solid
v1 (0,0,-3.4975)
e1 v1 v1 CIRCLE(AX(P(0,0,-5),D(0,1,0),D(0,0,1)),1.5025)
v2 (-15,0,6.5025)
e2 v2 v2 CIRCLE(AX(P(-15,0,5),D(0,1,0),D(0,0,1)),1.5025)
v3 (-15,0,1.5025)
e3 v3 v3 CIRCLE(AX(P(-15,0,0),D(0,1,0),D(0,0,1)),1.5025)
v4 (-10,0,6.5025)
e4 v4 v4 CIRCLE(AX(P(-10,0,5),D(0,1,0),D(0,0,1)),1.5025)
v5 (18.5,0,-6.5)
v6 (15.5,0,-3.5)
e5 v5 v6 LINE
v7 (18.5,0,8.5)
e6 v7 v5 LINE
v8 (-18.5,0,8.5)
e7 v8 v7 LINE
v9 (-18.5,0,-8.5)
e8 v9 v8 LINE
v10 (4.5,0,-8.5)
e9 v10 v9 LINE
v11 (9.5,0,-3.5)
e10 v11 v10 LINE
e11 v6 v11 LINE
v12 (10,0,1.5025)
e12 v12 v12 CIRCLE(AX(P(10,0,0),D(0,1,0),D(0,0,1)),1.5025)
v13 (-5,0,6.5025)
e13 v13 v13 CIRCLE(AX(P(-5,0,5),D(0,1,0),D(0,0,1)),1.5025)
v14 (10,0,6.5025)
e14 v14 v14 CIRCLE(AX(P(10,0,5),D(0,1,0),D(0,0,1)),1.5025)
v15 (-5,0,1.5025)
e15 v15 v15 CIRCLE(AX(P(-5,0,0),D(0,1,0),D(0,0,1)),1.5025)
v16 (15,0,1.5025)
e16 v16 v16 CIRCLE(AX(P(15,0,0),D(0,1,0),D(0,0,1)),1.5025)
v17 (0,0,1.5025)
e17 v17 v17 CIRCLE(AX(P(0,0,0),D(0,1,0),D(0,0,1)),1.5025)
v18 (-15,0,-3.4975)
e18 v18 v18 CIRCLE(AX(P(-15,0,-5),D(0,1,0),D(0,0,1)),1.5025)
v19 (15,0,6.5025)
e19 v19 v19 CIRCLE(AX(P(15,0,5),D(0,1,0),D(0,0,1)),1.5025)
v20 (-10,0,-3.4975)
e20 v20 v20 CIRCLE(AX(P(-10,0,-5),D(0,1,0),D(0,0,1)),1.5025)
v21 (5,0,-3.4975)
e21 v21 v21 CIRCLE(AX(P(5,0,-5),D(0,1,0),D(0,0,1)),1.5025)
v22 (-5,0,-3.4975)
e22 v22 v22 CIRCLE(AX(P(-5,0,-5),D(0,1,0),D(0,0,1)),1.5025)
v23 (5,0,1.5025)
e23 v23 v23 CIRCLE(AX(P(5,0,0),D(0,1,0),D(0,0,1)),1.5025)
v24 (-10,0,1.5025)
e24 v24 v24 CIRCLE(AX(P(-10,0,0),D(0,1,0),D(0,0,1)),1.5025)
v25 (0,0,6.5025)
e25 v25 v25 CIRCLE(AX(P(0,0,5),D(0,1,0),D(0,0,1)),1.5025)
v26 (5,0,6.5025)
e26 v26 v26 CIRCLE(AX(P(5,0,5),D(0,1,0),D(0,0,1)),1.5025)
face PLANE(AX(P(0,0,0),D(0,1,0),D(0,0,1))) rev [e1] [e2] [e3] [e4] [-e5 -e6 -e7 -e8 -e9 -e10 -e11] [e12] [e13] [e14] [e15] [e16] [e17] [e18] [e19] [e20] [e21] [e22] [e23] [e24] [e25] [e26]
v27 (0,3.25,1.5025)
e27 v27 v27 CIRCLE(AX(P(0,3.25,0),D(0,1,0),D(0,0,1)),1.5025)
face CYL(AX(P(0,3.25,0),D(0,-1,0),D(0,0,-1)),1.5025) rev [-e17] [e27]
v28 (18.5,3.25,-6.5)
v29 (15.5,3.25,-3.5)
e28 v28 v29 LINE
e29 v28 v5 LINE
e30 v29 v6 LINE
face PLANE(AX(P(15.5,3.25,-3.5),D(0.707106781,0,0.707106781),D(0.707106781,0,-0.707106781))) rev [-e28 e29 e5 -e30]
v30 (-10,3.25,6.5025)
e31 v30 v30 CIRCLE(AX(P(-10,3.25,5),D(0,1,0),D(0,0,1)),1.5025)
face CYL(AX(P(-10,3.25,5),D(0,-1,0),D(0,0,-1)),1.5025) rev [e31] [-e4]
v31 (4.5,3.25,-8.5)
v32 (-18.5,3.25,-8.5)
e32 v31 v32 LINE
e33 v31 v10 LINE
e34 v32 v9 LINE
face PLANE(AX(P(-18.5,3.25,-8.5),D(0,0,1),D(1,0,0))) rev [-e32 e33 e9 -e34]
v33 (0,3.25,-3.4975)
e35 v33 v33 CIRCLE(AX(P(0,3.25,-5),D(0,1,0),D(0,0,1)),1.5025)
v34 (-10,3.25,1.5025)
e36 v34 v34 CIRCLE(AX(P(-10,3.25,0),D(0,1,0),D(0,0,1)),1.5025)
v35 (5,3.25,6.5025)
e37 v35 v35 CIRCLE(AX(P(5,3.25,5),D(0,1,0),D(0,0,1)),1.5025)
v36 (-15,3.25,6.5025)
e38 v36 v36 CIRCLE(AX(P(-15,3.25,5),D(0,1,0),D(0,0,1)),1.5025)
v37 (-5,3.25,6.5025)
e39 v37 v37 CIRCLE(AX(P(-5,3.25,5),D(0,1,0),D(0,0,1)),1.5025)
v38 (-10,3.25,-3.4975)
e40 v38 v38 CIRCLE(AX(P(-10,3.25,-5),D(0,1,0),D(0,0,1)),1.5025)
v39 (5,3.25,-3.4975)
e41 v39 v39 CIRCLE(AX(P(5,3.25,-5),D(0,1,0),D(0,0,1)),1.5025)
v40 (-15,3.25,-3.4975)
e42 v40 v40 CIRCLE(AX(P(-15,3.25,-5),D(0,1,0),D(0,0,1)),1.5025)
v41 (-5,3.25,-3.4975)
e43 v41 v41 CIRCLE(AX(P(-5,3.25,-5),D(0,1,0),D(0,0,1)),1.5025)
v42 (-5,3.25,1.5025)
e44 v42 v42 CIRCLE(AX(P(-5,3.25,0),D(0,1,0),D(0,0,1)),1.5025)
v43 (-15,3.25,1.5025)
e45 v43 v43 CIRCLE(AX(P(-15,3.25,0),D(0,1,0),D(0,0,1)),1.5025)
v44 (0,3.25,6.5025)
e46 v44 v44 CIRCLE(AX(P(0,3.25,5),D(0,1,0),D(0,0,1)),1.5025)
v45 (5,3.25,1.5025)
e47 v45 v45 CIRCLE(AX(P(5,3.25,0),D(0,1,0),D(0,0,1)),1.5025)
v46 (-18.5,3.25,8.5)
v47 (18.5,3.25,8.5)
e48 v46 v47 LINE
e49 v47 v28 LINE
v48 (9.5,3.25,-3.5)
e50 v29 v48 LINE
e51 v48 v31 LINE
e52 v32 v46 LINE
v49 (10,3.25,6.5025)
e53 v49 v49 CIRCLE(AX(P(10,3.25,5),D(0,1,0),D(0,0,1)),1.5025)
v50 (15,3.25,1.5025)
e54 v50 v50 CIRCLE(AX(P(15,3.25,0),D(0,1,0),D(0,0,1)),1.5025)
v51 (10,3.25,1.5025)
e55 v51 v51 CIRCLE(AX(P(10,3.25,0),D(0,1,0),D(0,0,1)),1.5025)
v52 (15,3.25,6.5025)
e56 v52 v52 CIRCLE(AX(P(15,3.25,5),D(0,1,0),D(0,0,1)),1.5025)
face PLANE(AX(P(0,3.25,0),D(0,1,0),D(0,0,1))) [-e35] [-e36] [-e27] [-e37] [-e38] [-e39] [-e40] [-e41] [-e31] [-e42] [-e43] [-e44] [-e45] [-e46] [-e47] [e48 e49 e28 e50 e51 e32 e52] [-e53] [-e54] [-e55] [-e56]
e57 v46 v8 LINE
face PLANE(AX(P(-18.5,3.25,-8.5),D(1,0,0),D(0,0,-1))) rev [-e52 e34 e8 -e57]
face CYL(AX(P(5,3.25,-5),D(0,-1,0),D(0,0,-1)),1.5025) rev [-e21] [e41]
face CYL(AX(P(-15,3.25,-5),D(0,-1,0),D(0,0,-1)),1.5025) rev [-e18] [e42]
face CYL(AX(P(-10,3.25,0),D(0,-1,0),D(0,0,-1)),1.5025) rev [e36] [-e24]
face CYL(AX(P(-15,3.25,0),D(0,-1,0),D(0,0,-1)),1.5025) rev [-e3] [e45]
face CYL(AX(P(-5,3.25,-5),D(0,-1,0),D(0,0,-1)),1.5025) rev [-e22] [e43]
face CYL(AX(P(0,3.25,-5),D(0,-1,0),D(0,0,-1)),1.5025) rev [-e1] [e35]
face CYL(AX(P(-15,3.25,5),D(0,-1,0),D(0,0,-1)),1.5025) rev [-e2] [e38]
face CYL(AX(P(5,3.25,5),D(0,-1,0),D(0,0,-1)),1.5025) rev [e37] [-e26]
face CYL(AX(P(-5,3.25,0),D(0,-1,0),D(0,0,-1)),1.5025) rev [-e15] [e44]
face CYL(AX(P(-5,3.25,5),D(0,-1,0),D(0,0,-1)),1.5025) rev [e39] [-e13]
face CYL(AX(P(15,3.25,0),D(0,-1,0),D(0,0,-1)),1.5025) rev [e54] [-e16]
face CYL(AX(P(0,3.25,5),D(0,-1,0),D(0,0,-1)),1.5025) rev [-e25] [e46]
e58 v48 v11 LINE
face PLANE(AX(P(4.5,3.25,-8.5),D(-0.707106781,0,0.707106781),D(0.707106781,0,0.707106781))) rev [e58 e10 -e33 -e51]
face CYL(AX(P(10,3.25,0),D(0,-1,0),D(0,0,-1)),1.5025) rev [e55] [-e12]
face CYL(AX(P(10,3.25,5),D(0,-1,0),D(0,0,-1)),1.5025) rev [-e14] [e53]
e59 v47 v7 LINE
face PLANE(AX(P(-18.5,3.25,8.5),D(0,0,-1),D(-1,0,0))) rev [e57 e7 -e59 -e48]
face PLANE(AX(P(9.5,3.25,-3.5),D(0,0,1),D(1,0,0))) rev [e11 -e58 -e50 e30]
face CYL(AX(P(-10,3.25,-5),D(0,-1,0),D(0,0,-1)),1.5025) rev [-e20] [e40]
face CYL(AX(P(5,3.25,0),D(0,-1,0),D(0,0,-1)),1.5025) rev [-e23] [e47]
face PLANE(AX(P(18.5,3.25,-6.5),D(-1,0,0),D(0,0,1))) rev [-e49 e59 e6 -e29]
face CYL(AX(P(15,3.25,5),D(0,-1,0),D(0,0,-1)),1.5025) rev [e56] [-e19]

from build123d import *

# Parameters (mm, degrees)
SKETCH1_R           = 1.5025
BOSS_EXTRUDE1_DEPTH = 3.25


with BuildPart() as part:
    # Sketch1 → Boss-Extrude1 (new body)
    with BuildSketch(Plane(origin=(0, 0, 0), x_dir=(1, 0, 0), z_dir=(0, 1, 0))):
        Polygon((-18.5, 8.5), (4.5, 8.5), (9.5, 3.5), (15.5, 3.5), (18.5, 6.5), (18.5, -8.5), (-18.5, -8.5), align=None)
        with Locations((-15, -5)):
            Circle(SKETCH1_R, mode=Mode.SUBTRACT)
        with Locations((-10, -5)):
            Circle(SKETCH1_R, mode=Mode.SUBTRACT)
        with Locations((-5, -5)):
            Circle(SKETCH1_R, mode=Mode.SUBTRACT)
        with Locations((0, -5)):
            Circle(SKETCH1_R, mode=Mode.SUBTRACT)
        with Locations((5, -5)):
            Circle(SKETCH1_R, mode=Mode.SUBTRACT)
        with Locations((10, -5)):
            Circle(SKETCH1_R, mode=Mode.SUBTRACT)
        with Locations((15, -5)):
            Circle(SKETCH1_R, mode=Mode.SUBTRACT)
        with Locations((-10, 0)):
            Circle(SKETCH1_R, mode=Mode.SUBTRACT)
        with Locations((-5, 0)):
            Circle(SKETCH1_R, mode=Mode.SUBTRACT)
        Circle(SKETCH1_R, mode=Mode.SUBTRACT)
        with Locations((5, 0)):
            Circle(SKETCH1_R, mode=Mode.SUBTRACT)
        with Locations((10, 0)):
            Circle(SKETCH1_R, mode=Mode.SUBTRACT)
        with Locations((15, 0)):
            Circle(SKETCH1_R, mode=Mode.SUBTRACT)
        with Locations((-10, 5)):
            Circle(SKETCH1_R, mode=Mode.SUBTRACT)
        with Locations((-5, 5)):
            Circle(SKETCH1_R, mode=Mode.SUBTRACT)
        with Locations((0, 5)):
            Circle(SKETCH1_R, mode=Mode.SUBTRACT)
        with Locations((5, 5)):
            Circle(SKETCH1_R, mode=Mode.SUBTRACT)
        with Locations((-15, 0)):
            Circle(SKETCH1_R, mode=Mode.SUBTRACT)
        with Locations((-15, 5)):
            Circle(SKETCH1_R, mode=Mode.SUBTRACT)
    extrude(amount=BOSS_EXTRUDE1_DEPTH)


solid = part.part
